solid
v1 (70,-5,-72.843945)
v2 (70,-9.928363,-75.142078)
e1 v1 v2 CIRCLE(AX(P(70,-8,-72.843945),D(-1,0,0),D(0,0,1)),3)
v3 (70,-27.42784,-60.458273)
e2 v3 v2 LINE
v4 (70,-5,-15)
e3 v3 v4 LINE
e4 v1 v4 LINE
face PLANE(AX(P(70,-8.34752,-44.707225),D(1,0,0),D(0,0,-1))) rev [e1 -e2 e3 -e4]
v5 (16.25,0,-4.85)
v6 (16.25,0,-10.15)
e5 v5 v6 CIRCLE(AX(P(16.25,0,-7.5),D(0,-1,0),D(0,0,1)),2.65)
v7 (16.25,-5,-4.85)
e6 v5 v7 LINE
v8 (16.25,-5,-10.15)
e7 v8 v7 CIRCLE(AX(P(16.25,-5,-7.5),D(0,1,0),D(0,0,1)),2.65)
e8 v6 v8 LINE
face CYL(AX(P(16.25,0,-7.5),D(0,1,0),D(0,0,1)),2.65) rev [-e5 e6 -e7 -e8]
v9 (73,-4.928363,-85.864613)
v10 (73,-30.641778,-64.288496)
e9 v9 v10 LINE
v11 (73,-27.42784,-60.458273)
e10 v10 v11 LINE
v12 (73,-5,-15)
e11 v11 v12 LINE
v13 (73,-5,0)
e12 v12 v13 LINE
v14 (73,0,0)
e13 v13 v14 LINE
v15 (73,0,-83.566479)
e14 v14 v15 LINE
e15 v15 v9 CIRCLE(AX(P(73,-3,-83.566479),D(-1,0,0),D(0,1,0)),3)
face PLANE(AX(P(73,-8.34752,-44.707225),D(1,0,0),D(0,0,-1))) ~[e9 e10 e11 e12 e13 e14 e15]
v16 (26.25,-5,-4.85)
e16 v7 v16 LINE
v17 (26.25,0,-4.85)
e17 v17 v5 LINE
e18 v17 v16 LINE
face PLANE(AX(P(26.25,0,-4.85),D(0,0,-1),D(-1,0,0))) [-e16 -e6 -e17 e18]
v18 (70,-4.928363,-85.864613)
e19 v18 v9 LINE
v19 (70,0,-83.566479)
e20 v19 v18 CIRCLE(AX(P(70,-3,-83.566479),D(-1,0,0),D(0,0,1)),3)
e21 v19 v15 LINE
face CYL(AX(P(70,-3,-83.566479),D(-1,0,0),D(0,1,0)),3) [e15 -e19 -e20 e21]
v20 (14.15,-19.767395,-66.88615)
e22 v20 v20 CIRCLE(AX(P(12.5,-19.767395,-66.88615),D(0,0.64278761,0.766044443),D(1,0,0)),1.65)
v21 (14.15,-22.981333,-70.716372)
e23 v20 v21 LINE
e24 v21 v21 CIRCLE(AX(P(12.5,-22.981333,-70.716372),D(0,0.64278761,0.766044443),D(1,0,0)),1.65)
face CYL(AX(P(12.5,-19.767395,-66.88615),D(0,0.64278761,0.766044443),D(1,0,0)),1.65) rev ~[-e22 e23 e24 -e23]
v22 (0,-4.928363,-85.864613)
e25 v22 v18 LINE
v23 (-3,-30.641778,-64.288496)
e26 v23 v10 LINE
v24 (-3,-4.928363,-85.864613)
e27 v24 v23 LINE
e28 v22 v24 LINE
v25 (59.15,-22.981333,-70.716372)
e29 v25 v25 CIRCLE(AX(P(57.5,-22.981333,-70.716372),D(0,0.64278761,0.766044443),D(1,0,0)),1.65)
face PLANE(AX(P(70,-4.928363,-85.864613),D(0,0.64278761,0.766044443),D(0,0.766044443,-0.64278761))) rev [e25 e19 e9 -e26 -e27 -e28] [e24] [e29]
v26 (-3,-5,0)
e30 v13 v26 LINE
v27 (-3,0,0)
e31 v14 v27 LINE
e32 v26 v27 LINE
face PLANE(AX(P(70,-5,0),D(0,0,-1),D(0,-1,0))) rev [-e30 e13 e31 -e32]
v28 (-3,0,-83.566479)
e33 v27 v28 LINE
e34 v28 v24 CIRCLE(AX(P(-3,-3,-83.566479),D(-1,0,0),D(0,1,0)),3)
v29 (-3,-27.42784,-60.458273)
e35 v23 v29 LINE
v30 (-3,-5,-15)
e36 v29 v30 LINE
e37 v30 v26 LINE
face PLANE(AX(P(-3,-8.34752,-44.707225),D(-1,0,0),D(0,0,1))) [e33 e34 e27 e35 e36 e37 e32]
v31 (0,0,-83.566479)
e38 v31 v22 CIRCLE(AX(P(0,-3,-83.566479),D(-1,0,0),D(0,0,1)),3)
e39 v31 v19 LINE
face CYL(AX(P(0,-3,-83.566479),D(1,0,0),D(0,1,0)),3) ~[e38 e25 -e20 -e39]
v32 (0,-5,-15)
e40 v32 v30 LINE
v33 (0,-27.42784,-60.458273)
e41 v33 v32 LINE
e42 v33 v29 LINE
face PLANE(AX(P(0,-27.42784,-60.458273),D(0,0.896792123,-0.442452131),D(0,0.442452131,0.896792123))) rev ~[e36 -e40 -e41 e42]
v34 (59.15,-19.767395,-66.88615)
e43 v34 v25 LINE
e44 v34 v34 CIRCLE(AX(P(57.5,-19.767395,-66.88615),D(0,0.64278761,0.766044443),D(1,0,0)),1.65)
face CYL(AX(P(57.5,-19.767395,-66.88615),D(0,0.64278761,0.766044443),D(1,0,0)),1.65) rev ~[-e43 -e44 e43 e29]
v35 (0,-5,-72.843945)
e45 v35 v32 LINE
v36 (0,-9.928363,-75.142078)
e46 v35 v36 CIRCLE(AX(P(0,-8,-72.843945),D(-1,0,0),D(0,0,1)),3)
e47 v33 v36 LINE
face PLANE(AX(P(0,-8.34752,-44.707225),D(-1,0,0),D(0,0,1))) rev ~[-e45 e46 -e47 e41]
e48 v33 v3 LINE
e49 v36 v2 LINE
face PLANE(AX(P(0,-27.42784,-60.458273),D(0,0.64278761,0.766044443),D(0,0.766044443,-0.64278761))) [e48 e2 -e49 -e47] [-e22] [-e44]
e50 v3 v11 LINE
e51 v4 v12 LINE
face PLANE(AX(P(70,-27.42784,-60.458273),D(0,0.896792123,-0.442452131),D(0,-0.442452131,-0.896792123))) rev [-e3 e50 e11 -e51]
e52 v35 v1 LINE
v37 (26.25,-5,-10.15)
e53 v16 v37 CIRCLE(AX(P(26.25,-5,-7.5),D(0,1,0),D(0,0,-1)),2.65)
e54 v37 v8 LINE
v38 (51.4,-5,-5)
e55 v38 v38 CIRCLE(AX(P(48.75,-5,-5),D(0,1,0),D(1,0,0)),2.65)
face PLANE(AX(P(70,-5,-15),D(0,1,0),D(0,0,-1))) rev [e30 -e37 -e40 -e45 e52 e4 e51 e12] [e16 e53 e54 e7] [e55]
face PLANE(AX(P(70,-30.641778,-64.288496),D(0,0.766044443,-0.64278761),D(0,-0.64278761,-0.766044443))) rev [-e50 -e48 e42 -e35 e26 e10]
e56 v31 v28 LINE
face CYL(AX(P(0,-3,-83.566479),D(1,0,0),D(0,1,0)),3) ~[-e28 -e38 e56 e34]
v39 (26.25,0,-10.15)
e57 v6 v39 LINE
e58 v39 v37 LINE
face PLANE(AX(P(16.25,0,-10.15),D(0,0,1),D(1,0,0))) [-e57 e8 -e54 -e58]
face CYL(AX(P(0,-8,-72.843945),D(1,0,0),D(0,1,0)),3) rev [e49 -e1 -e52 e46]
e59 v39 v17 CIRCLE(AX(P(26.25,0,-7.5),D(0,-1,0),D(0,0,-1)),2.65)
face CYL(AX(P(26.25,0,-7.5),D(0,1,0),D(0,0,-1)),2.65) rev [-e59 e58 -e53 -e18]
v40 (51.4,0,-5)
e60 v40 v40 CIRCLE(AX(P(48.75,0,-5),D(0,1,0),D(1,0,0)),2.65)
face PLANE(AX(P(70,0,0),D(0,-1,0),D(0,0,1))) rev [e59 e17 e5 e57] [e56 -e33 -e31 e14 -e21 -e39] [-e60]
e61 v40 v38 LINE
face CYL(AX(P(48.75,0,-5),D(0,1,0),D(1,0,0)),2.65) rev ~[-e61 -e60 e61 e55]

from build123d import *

# Parameters (mm, degrees)
EXTRUDE_1_DEPTH     = 70
SKETCH_2_R          = 1.65
CUT_EXTRUDE_1_DEPTH = 25.69615506
FILLET_1_R          = 3
SKETCH_6_R          = 2.65
CUT_EXTRUDE_4_DEPTH = 31.641777725
EXTRUDE_2_DEPTH     = 3
CUT_EXTRUDE_5_DEPTH = 31.641777725


with BuildPart() as part:
    # 草图1 → 凸台-拉伸1 (new body)
    with BuildSketch(Plane(origin=(0, 0, 0), x_dir=(0, 0, -1), z_dir=(1, 0, 0))):
        Polygon((0, 0), (90, 0), (64.288495613, -30.641777725), (60.458273397, -27.427839676), (79.277465397, -5), (0, -5), align=None)
    extrude(amount=EXTRUDE_1_DEPTH)

    # 草图2 → 切除-拉伸1 (cut, through all)
    with BuildSketch(Plane(origin=(0, -41.102410837, -48.983945779), x_dir=(1, 0, 0), z_dir=(0, 0.64278761, 0.766044443))):
        with Locations((12.5, 27.850884872)):
            Circle(SKETCH_2_R)
        with Locations((57.5, 27.850884872)):
            Circle(SKETCH_2_R)
    extrude(amount=-CUT_EXTRUDE_1_DEPTH, mode=Mode.SUBTRACT)

    # 圆角1
    fillet_1_edges = [part.edges().sort_by_distance(p)[0] for p in [
        (35, 0, -90),
        (35, -5, -79.277465397),
    ]]
    fillet(fillet_1_edges, radius=FILLET_1_R)

    # 草图6 → 切除-拉伸4 (cut, through all)
    with BuildSketch(Plane(origin=(0, 0, 0), x_dir=(1, 0, 0), z_dir=(0, 1, 0))):
        with Locations((48.75, 5)):
            Circle(SKETCH_6_R)
    extrude(amount=-CUT_EXTRUDE_4_DEPTH, mode=Mode.SUBTRACT)

    # 草图7 → 凸台-拉伸2 (add)
    with BuildSketch(Plane.ZY):
        with BuildLine():
            Line((-60.458273397, -27.427839676), (-15, -5))
            Line((-15, -5), (0, -5))
            Line((0, -5), (0, 0))
            Line((0, 0), (-83.566479238, 0))
            ThreePointArc((-83.566479238, 0), (-86.2854026, -1.732145215), (-85.864612568, -4.928362829))
            Line((-85.864612568, -4.928362829), (-64.288495613, -30.641777725))
            Line((-64.288495613, -30.641777725), (-60.458273397, -27.427839676))
        make_face()
    extrude_2 = extrude(amount=EXTRUDE_2_DEPTH)

    # 镜向1: 凸台-拉伸2 across plane
    add(extrude_2.mirror(Plane.ZY.offset(-35)))

    # 草图8 → 切除-拉伸5 (cut, through all)
    with BuildSketch(Plane(origin=(0, 0, 0), x_dir=(1, 0, 0), z_dir=(0, 1, 0))):
        with BuildLine():
            Line((16.25, 10.15), (26.25, 10.15))
            ThreePointArc((26.25, 10.15), (28.9, 7.5), (26.25, 4.85))
            Line((26.25, 4.85), (16.25, 4.85))
            ThreePointArc((16.25, 4.85), (13.6, 7.5), (16.25, 10.15))
        make_face()
    extrude(amount=-CUT_EXTRUDE_5_DEPTH, mode=Mode.SUBTRACT)


solid = part.part
